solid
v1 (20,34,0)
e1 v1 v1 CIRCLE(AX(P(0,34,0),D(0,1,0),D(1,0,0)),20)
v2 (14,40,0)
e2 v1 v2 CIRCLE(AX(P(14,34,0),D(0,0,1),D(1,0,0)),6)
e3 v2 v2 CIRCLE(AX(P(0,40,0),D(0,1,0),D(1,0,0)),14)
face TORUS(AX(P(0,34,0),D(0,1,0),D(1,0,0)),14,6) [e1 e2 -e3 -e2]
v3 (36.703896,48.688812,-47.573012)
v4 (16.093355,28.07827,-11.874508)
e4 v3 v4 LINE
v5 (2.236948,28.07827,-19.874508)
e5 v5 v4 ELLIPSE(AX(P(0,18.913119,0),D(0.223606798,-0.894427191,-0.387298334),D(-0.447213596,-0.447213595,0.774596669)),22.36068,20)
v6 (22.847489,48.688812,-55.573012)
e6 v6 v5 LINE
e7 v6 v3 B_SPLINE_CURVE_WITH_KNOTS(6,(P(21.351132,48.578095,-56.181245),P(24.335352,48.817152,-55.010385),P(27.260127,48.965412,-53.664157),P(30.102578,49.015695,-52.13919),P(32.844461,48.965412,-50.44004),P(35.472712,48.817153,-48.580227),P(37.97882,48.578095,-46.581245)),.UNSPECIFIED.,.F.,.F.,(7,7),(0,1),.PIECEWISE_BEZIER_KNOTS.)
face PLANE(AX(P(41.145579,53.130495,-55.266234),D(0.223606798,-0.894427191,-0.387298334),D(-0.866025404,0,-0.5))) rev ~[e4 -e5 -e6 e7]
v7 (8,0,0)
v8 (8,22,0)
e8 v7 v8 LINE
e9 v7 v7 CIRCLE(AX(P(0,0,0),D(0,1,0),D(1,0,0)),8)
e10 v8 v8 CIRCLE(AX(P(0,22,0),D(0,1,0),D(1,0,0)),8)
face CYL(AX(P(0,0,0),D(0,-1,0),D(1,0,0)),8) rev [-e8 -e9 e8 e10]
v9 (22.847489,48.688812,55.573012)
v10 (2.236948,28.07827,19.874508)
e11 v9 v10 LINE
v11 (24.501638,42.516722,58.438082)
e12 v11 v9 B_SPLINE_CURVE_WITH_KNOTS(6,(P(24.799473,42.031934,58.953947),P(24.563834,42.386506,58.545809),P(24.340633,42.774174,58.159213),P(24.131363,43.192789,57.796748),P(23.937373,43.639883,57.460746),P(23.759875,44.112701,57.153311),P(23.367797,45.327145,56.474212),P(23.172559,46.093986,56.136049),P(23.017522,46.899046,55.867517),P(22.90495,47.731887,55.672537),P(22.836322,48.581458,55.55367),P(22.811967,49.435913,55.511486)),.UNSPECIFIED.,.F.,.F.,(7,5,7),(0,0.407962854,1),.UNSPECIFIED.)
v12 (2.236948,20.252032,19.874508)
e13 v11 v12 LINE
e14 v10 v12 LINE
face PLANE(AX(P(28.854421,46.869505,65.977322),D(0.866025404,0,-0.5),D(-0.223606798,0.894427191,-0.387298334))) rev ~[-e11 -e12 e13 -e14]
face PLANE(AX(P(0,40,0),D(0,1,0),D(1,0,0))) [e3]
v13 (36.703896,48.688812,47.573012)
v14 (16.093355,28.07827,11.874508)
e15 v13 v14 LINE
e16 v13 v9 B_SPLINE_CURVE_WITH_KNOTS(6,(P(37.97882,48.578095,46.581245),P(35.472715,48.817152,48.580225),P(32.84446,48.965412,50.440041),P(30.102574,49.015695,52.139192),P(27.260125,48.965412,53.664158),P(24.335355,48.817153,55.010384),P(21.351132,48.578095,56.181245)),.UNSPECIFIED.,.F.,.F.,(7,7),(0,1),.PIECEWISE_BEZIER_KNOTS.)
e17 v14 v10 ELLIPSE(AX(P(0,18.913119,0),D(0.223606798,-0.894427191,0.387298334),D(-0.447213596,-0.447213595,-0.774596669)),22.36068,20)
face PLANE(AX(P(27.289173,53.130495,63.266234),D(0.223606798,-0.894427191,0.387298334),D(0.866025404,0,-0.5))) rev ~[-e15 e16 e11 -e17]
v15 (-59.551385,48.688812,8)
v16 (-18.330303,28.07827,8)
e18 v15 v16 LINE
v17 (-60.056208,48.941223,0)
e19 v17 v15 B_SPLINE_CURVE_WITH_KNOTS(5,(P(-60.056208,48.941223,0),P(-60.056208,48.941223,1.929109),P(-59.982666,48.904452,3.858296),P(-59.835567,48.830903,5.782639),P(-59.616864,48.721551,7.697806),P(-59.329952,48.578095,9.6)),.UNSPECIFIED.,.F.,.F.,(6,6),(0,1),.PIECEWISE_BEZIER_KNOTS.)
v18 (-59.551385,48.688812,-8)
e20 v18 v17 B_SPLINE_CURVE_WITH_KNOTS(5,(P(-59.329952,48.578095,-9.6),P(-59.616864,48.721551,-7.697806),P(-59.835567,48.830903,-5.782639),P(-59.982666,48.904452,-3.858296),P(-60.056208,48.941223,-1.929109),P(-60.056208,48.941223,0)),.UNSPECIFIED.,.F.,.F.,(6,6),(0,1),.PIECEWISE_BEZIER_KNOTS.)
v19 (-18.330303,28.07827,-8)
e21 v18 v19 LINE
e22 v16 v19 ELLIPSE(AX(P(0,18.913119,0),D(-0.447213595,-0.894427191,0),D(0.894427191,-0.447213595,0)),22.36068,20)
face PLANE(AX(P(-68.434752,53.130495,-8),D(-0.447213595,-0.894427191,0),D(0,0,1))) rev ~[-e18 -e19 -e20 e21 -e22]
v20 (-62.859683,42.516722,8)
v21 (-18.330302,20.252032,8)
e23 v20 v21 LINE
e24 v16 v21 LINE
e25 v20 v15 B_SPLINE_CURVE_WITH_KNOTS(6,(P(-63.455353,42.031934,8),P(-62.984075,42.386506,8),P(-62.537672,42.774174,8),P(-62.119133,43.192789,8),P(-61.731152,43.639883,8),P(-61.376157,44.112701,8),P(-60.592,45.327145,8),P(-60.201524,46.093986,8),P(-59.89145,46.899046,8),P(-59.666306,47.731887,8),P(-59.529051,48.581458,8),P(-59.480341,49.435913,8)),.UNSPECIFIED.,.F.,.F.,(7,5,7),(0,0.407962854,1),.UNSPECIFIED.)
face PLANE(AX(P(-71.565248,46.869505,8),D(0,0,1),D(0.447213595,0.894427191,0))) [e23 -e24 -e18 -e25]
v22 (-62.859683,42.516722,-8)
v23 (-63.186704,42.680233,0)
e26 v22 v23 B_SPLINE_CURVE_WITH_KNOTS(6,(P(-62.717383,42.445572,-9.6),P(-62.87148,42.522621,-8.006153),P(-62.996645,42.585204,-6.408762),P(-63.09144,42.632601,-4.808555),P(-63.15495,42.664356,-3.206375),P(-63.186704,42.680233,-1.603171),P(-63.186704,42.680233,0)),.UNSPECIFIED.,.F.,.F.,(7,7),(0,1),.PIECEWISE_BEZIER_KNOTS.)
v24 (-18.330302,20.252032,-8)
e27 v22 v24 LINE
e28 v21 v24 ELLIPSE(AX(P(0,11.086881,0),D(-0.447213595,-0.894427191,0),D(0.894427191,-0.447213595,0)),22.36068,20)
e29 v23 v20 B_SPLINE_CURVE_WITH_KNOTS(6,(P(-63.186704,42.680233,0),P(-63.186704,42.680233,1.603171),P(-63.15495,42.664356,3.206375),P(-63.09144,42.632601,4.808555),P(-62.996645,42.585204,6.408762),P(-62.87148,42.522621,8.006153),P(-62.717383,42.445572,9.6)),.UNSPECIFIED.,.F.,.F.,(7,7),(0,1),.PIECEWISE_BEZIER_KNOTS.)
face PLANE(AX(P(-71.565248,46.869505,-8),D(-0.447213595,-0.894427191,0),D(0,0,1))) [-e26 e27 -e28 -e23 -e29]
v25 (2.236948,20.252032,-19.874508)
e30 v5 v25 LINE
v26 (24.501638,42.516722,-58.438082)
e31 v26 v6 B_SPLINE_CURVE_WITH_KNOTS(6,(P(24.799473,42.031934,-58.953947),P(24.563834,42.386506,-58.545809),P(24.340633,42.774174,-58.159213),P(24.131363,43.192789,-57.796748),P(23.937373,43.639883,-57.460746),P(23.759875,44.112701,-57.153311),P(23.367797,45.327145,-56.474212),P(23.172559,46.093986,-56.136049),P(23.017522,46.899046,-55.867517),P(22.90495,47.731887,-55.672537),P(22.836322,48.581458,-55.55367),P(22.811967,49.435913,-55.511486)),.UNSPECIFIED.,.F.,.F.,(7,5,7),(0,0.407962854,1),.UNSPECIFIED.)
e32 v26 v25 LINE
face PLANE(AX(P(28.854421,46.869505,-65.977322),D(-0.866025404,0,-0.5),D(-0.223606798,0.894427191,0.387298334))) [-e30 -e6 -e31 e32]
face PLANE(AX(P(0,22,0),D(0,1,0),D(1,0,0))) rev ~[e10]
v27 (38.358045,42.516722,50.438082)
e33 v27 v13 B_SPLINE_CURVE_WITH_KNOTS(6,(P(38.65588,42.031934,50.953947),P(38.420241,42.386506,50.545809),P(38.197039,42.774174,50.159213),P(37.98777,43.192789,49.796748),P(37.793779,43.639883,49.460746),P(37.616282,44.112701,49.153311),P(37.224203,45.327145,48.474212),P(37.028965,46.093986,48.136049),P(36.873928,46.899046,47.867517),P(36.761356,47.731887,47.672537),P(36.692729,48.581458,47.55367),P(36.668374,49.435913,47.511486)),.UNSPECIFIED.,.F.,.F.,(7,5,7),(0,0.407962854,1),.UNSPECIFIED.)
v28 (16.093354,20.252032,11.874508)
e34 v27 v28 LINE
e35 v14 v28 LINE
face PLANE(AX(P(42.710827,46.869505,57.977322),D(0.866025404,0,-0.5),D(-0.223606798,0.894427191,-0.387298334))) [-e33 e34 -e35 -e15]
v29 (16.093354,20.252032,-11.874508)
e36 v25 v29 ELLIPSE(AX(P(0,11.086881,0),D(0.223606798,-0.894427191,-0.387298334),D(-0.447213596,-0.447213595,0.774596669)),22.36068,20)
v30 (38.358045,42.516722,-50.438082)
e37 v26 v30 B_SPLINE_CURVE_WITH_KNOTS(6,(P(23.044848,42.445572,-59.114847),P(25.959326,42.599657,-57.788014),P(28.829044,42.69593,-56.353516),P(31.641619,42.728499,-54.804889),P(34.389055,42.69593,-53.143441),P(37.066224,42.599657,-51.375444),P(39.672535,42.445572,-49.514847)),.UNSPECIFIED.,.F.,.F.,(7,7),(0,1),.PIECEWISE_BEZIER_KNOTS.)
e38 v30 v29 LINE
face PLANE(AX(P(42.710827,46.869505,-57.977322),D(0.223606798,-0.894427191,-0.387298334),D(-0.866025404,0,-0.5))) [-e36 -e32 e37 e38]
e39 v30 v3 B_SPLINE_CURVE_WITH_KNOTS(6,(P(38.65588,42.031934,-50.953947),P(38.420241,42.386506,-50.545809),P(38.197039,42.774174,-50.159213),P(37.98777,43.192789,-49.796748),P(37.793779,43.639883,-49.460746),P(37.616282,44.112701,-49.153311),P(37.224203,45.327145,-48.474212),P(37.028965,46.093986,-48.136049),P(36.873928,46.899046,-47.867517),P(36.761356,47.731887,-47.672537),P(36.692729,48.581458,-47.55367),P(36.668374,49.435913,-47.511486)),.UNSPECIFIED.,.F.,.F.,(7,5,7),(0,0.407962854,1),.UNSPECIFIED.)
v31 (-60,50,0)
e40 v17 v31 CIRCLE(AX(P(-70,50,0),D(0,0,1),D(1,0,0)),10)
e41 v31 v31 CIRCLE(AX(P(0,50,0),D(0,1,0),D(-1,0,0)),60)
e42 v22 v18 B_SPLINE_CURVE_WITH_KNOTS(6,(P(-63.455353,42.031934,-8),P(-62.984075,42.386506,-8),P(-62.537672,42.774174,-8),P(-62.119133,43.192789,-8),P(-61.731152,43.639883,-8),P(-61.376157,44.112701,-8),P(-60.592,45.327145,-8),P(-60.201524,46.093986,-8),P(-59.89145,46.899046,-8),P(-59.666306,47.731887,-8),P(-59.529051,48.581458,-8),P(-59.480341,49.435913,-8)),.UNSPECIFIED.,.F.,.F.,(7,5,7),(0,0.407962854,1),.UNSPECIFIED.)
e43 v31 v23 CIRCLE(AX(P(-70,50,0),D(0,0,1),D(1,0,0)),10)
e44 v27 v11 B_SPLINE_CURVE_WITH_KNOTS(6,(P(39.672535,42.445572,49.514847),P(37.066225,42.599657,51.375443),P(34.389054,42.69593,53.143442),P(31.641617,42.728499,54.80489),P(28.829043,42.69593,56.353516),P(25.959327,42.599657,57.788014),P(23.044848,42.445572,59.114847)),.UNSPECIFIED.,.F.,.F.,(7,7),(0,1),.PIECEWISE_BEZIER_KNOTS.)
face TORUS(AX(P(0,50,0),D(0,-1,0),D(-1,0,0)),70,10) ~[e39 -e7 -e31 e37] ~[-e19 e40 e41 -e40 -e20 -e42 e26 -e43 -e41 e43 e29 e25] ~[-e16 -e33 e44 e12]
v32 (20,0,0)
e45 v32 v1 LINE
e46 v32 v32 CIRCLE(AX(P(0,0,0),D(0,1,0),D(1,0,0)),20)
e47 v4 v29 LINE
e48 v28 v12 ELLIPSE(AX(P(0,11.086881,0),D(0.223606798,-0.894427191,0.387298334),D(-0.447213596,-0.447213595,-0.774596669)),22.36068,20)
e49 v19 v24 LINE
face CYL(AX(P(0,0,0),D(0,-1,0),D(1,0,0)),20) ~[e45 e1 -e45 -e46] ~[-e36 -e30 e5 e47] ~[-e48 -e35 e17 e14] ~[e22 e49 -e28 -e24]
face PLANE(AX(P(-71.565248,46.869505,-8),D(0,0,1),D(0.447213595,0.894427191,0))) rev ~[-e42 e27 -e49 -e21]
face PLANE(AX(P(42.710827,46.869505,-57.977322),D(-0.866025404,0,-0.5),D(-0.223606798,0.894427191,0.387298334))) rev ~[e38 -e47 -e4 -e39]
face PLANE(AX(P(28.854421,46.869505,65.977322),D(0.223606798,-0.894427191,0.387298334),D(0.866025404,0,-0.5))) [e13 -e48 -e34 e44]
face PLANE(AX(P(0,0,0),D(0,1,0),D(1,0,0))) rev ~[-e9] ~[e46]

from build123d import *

# Parameters (mm, degrees)
SKETCH1_R                = 20
BOSS_EXTRUDE1_DEPTH      = 40
SKETCH1_7_R              = 8
CUT_EXTRUDE4_DEPTH       = 22
SKETCH3_R                = 10
BOSS_EXTRUDE2_REACH      = 179.2
BOSS_EXTRUDE2_END_RADIUS = 20
SKETCH6_W                = 16
SKETCH6_H                = 7
CIRPATTERN1_COUNT        = 3
FILLET1_R                = 6


with BuildPart() as part:
    # Sketch1 → Boss-Extrude1 (new body)
    with BuildSketch(Plane(origin=(0, 0, 0), x_dir=(1, 0, 0), z_dir=(0, 1, 0))):
        Circle(SKETCH1_R)
    extrude(amount=BOSS_EXTRUDE1_DEPTH)

    # Sketch1<7> → Cut-Extrude4 (cut)
    with BuildSketch(Plane(origin=(0, 0, 0), x_dir=(1, 0, 0), z_dir=(0, 1, 0))):
        Circle(SKETCH1_7_R)
    extrude(amount=CUT_EXTRUDE4_DEPTH, mode=Mode.SUBTRACT)



with BuildPart() as body_2:
    # Sketch3 → Revolve1 (revolve)
    with BuildSketch(Plane.XY):
        with Locations((-70, 50)):
            Circle(SKETCH3_R)
    revolve(axis=Axis((0, 40, 0), (0, 1, 0)))


with BuildPart() as part_1:
    add(part.part)

    add(body_2.part)  # Boss-Extrude2 merges body 2
    # Boss-Extrude2: up to this cylinder (the profile starts outside it)
    boss_extrude2_end = Plane(origin=(0, 50, 0), z_dir=(0, -1, 0)) * Cylinder(BOSS_EXTRUDE2_END_RADIUS, 399.4, mode=Mode.PRIVATE)
    # Sketch6 → Boss-Extrude2 (add, up to the surface)
    with BuildSketch(Plane(origin=(-70, 50, 0), x_dir=(0, 0, 1), z_dir=(-0.8944271909999159, 0.44721359549995815, 0)), mode=Mode.PRIVATE) as boss_extrude2_sk1:
        Rectangle(SKETCH6_W, SKETCH6_H)
    boss_extrude2_tool1 = extrude(boss_extrude2_sk1.sketch, amount=-BOSS_EXTRUDE2_REACH, mode=Mode.PRIVATE) - boss_extrude2_end
    boss_extrude2 = boss_extrude2_tool1.solids().sort_by_distance((-70, 50, 0))[0]
    add(boss_extrude2)

    # CirPattern1: Boss-Extrude2 ×3 about axis
    cirpattern1_axis = Axis((0, 40, 0), (0, 1, 0))
    for i in range(1, CIRPATTERN1_COUNT):
        add(boss_extrude2.rotate(cirpattern1_axis, i * 360 / CIRPATTERN1_COUNT))

    # Fillet1
    fillet1_edges = [part_1.edges().sort_by_distance(p)[0] for p in [
        (-20, 40, 0),
    ]]
    fillet(fillet1_edges, radius=FILLET1_R)


solid = part_1.part
